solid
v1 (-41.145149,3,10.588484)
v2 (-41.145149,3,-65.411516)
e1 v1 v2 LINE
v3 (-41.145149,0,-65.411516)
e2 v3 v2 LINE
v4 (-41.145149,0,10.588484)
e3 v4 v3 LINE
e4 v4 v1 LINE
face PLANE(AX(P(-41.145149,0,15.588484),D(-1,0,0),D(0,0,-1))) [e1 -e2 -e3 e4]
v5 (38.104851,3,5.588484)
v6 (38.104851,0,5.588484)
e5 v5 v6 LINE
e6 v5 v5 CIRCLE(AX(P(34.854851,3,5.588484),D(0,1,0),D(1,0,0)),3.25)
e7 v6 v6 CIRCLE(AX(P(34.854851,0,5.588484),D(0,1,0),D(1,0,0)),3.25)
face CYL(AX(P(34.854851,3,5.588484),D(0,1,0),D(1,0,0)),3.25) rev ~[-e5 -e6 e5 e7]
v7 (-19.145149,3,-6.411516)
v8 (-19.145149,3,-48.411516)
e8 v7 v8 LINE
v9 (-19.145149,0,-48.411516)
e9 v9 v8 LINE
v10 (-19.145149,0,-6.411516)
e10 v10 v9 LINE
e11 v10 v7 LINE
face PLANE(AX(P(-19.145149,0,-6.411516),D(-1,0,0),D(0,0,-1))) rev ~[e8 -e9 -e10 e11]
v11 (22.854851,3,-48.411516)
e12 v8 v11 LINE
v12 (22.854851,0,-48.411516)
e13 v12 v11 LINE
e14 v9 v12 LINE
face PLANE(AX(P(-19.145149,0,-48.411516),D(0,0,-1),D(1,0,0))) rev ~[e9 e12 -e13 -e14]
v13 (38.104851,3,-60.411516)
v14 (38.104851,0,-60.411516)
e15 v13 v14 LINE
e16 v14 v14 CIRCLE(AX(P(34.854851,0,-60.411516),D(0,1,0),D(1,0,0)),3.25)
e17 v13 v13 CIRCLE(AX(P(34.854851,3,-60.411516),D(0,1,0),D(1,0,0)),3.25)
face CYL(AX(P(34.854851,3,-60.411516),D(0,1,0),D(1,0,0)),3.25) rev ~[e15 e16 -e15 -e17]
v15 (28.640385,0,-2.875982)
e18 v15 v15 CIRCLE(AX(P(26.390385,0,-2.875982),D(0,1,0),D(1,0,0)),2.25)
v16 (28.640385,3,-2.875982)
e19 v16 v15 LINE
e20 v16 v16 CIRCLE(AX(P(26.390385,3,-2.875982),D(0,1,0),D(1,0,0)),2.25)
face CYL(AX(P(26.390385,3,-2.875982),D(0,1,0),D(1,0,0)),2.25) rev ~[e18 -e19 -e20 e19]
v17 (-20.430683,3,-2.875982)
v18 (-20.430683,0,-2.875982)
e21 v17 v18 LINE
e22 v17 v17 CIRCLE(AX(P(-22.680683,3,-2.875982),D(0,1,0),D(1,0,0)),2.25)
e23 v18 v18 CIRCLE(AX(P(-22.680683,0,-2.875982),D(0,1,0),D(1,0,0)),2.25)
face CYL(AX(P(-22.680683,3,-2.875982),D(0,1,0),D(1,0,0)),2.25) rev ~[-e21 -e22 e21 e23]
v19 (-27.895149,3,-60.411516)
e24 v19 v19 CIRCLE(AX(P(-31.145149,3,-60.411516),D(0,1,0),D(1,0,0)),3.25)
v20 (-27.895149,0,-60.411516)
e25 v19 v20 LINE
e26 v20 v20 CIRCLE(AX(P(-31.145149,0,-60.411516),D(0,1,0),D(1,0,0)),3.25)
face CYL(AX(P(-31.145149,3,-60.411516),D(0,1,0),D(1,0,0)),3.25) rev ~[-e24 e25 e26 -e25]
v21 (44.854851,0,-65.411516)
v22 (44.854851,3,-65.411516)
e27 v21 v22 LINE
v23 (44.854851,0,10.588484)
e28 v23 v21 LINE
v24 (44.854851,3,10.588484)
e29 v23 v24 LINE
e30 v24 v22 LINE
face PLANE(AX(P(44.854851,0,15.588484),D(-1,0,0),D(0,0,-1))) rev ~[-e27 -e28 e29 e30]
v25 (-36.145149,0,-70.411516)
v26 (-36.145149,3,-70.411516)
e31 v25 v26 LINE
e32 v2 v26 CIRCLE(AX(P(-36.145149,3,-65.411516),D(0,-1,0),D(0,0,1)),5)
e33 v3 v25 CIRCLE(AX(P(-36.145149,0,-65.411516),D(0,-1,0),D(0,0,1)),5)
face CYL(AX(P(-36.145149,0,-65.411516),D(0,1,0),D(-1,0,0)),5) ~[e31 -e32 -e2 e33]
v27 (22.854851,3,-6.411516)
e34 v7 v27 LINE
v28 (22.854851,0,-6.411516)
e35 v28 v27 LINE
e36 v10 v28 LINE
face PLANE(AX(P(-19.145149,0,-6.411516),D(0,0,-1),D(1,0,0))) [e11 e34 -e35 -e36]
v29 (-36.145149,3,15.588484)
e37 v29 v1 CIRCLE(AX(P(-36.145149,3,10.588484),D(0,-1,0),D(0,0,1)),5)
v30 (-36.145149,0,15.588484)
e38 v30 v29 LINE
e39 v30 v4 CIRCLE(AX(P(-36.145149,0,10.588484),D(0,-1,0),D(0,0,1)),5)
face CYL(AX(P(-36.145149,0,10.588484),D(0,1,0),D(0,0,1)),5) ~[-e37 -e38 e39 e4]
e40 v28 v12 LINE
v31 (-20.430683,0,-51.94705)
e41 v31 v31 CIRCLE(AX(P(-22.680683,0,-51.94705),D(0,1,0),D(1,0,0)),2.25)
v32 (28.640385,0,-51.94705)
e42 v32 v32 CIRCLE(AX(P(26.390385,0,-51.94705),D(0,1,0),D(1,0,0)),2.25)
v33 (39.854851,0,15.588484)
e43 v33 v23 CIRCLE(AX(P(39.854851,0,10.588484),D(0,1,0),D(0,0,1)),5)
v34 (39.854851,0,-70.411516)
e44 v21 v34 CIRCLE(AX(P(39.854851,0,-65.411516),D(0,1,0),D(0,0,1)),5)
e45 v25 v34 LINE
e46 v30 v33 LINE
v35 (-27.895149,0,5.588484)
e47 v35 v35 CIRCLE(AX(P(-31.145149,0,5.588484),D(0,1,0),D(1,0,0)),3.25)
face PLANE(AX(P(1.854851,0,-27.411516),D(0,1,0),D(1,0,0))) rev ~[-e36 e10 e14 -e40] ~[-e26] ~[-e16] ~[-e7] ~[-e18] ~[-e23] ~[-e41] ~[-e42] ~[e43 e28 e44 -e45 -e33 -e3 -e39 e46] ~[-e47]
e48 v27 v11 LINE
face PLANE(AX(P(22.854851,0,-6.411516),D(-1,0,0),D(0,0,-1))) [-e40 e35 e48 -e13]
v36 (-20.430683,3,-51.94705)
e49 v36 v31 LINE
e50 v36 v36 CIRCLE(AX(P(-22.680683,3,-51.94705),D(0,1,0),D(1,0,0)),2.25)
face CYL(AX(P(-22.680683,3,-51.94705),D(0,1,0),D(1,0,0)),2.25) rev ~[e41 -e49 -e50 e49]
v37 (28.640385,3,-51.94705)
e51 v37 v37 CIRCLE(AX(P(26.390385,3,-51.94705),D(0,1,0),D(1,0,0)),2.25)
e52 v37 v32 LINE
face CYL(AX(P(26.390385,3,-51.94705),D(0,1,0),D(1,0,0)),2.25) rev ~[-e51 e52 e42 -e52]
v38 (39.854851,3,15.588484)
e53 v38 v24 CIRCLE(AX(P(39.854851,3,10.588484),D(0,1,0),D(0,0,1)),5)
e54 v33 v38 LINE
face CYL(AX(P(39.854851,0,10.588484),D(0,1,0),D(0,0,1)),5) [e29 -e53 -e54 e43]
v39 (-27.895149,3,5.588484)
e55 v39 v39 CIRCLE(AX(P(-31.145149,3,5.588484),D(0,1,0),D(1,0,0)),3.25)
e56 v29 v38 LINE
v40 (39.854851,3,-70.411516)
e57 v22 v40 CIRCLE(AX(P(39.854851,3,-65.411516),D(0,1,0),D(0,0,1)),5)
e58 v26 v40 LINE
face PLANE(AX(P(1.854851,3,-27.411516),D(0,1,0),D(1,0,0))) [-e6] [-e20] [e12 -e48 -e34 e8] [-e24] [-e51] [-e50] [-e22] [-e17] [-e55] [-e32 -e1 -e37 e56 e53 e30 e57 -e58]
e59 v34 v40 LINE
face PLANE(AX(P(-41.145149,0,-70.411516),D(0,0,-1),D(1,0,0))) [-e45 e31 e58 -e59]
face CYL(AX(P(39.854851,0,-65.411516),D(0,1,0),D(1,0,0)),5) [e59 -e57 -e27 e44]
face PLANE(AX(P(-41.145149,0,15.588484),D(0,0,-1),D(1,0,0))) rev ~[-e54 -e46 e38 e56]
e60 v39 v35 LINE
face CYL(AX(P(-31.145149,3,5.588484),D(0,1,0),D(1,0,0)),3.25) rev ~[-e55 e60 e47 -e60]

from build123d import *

# Parameters (mm, degrees)
SKETCH2_W           = 86
SKETCH2_H           = 86
SKETCH2_W_2         = 42
SKETCH2_H_2         = 42
BOSS_EXTRUDE1_DEPTH = 3
SKETCH3_R           = 3.25
CUT_EXTRUDE1_DEPTH  = 3
SKETCH7_R           = 2.25
CUT_EXTRUDE2_DEPTH  = 3
FILLET1_R           = 5
FILLET2_R           = 5
FILLET3_R           = 5
FILLET4_R           = 5


with BuildPart() as part:
    # Sketch2 → Boss-Extrude1 (new body)
    with BuildSketch(Plane(origin=(0, 0, 0), x_dir=(1, 0, 0), z_dir=(0, 1, 0))):
        with Locations((1.854851242, 27.411515707)):
            Rectangle(SKETCH2_W, SKETCH2_H)
        with Locations((1.854851242, 27.411515707)):
            Rectangle(SKETCH2_W_2, SKETCH2_H_2, mode=Mode.SUBTRACT)
    extrude(amount=BOSS_EXTRUDE1_DEPTH)

    # Sketch3 → Cut-Extrude1 (cut)
    with BuildSketch(Plane(origin=(0, 3, 0), x_dir=(1, 0, 0), z_dir=(0, 1, 0))):
        with Locations((34.854851242, -5.588484293)):
            Circle(SKETCH3_R)
        with Locations((-31.145148758, -5.588484293)):
            Circle(SKETCH3_R)
        with Locations((-31.145148758, 60.411515707)):
            Circle(SKETCH3_R)
        with Locations((34.854851242, 60.411515707)):
            Circle(SKETCH3_R)
    extrude(amount=-CUT_EXTRUDE1_DEPTH, mode=Mode.SUBTRACT)

    # Sketch7 → Cut-Extrude2 (cut)
    with BuildSketch(Plane(origin=(0, 3, 0), x_dir=(1, 0, 0), z_dir=(0, 1, 0))):
        with Locations((26.390385148, 2.875981801)):
            Circle(SKETCH7_R)
        with Locations((-22.680682664, 2.875981801)):
            Circle(SKETCH7_R)
        with Locations((-22.680682664, 51.947049613)):
            Circle(SKETCH7_R)
        with Locations((26.390385148, 51.947049613)):
            Circle(SKETCH7_R)
    extrude(amount=-CUT_EXTRUDE2_DEPTH, mode=Mode.SUBTRACT)

    # Fillet1
    fillet1_edges = [part.edges().sort_by_distance(p)[0] for p in [
        (-41.145148758, 1.5, -70.411515707),
    ]]
    fillet(fillet1_edges, radius=FILLET1_R)

    # Fillet2
    fillet2_edges = [part.edges().sort_by_distance(p)[0] for p in [
        (44.854851242, 1.5, 15.588484293),
    ]]
    fillet(fillet2_edges, radius=FILLET2_R)

    # Fillet3
    fillet3_edges = [part.edges().sort_by_distance(p)[0] for p in [
        (-41.145148758, 1.5, 15.588484293),
    ]]
    fillet(fillet3_edges, radius=FILLET3_R)

    # Fillet4
    fillet4_edges = [part.edges().sort_by_distance(p)[0] for p in [
        (44.854851242, 1.5, -70.411515707),
    ]]
    fillet(fillet4_edges, radius=FILLET4_R)


solid = part.part
